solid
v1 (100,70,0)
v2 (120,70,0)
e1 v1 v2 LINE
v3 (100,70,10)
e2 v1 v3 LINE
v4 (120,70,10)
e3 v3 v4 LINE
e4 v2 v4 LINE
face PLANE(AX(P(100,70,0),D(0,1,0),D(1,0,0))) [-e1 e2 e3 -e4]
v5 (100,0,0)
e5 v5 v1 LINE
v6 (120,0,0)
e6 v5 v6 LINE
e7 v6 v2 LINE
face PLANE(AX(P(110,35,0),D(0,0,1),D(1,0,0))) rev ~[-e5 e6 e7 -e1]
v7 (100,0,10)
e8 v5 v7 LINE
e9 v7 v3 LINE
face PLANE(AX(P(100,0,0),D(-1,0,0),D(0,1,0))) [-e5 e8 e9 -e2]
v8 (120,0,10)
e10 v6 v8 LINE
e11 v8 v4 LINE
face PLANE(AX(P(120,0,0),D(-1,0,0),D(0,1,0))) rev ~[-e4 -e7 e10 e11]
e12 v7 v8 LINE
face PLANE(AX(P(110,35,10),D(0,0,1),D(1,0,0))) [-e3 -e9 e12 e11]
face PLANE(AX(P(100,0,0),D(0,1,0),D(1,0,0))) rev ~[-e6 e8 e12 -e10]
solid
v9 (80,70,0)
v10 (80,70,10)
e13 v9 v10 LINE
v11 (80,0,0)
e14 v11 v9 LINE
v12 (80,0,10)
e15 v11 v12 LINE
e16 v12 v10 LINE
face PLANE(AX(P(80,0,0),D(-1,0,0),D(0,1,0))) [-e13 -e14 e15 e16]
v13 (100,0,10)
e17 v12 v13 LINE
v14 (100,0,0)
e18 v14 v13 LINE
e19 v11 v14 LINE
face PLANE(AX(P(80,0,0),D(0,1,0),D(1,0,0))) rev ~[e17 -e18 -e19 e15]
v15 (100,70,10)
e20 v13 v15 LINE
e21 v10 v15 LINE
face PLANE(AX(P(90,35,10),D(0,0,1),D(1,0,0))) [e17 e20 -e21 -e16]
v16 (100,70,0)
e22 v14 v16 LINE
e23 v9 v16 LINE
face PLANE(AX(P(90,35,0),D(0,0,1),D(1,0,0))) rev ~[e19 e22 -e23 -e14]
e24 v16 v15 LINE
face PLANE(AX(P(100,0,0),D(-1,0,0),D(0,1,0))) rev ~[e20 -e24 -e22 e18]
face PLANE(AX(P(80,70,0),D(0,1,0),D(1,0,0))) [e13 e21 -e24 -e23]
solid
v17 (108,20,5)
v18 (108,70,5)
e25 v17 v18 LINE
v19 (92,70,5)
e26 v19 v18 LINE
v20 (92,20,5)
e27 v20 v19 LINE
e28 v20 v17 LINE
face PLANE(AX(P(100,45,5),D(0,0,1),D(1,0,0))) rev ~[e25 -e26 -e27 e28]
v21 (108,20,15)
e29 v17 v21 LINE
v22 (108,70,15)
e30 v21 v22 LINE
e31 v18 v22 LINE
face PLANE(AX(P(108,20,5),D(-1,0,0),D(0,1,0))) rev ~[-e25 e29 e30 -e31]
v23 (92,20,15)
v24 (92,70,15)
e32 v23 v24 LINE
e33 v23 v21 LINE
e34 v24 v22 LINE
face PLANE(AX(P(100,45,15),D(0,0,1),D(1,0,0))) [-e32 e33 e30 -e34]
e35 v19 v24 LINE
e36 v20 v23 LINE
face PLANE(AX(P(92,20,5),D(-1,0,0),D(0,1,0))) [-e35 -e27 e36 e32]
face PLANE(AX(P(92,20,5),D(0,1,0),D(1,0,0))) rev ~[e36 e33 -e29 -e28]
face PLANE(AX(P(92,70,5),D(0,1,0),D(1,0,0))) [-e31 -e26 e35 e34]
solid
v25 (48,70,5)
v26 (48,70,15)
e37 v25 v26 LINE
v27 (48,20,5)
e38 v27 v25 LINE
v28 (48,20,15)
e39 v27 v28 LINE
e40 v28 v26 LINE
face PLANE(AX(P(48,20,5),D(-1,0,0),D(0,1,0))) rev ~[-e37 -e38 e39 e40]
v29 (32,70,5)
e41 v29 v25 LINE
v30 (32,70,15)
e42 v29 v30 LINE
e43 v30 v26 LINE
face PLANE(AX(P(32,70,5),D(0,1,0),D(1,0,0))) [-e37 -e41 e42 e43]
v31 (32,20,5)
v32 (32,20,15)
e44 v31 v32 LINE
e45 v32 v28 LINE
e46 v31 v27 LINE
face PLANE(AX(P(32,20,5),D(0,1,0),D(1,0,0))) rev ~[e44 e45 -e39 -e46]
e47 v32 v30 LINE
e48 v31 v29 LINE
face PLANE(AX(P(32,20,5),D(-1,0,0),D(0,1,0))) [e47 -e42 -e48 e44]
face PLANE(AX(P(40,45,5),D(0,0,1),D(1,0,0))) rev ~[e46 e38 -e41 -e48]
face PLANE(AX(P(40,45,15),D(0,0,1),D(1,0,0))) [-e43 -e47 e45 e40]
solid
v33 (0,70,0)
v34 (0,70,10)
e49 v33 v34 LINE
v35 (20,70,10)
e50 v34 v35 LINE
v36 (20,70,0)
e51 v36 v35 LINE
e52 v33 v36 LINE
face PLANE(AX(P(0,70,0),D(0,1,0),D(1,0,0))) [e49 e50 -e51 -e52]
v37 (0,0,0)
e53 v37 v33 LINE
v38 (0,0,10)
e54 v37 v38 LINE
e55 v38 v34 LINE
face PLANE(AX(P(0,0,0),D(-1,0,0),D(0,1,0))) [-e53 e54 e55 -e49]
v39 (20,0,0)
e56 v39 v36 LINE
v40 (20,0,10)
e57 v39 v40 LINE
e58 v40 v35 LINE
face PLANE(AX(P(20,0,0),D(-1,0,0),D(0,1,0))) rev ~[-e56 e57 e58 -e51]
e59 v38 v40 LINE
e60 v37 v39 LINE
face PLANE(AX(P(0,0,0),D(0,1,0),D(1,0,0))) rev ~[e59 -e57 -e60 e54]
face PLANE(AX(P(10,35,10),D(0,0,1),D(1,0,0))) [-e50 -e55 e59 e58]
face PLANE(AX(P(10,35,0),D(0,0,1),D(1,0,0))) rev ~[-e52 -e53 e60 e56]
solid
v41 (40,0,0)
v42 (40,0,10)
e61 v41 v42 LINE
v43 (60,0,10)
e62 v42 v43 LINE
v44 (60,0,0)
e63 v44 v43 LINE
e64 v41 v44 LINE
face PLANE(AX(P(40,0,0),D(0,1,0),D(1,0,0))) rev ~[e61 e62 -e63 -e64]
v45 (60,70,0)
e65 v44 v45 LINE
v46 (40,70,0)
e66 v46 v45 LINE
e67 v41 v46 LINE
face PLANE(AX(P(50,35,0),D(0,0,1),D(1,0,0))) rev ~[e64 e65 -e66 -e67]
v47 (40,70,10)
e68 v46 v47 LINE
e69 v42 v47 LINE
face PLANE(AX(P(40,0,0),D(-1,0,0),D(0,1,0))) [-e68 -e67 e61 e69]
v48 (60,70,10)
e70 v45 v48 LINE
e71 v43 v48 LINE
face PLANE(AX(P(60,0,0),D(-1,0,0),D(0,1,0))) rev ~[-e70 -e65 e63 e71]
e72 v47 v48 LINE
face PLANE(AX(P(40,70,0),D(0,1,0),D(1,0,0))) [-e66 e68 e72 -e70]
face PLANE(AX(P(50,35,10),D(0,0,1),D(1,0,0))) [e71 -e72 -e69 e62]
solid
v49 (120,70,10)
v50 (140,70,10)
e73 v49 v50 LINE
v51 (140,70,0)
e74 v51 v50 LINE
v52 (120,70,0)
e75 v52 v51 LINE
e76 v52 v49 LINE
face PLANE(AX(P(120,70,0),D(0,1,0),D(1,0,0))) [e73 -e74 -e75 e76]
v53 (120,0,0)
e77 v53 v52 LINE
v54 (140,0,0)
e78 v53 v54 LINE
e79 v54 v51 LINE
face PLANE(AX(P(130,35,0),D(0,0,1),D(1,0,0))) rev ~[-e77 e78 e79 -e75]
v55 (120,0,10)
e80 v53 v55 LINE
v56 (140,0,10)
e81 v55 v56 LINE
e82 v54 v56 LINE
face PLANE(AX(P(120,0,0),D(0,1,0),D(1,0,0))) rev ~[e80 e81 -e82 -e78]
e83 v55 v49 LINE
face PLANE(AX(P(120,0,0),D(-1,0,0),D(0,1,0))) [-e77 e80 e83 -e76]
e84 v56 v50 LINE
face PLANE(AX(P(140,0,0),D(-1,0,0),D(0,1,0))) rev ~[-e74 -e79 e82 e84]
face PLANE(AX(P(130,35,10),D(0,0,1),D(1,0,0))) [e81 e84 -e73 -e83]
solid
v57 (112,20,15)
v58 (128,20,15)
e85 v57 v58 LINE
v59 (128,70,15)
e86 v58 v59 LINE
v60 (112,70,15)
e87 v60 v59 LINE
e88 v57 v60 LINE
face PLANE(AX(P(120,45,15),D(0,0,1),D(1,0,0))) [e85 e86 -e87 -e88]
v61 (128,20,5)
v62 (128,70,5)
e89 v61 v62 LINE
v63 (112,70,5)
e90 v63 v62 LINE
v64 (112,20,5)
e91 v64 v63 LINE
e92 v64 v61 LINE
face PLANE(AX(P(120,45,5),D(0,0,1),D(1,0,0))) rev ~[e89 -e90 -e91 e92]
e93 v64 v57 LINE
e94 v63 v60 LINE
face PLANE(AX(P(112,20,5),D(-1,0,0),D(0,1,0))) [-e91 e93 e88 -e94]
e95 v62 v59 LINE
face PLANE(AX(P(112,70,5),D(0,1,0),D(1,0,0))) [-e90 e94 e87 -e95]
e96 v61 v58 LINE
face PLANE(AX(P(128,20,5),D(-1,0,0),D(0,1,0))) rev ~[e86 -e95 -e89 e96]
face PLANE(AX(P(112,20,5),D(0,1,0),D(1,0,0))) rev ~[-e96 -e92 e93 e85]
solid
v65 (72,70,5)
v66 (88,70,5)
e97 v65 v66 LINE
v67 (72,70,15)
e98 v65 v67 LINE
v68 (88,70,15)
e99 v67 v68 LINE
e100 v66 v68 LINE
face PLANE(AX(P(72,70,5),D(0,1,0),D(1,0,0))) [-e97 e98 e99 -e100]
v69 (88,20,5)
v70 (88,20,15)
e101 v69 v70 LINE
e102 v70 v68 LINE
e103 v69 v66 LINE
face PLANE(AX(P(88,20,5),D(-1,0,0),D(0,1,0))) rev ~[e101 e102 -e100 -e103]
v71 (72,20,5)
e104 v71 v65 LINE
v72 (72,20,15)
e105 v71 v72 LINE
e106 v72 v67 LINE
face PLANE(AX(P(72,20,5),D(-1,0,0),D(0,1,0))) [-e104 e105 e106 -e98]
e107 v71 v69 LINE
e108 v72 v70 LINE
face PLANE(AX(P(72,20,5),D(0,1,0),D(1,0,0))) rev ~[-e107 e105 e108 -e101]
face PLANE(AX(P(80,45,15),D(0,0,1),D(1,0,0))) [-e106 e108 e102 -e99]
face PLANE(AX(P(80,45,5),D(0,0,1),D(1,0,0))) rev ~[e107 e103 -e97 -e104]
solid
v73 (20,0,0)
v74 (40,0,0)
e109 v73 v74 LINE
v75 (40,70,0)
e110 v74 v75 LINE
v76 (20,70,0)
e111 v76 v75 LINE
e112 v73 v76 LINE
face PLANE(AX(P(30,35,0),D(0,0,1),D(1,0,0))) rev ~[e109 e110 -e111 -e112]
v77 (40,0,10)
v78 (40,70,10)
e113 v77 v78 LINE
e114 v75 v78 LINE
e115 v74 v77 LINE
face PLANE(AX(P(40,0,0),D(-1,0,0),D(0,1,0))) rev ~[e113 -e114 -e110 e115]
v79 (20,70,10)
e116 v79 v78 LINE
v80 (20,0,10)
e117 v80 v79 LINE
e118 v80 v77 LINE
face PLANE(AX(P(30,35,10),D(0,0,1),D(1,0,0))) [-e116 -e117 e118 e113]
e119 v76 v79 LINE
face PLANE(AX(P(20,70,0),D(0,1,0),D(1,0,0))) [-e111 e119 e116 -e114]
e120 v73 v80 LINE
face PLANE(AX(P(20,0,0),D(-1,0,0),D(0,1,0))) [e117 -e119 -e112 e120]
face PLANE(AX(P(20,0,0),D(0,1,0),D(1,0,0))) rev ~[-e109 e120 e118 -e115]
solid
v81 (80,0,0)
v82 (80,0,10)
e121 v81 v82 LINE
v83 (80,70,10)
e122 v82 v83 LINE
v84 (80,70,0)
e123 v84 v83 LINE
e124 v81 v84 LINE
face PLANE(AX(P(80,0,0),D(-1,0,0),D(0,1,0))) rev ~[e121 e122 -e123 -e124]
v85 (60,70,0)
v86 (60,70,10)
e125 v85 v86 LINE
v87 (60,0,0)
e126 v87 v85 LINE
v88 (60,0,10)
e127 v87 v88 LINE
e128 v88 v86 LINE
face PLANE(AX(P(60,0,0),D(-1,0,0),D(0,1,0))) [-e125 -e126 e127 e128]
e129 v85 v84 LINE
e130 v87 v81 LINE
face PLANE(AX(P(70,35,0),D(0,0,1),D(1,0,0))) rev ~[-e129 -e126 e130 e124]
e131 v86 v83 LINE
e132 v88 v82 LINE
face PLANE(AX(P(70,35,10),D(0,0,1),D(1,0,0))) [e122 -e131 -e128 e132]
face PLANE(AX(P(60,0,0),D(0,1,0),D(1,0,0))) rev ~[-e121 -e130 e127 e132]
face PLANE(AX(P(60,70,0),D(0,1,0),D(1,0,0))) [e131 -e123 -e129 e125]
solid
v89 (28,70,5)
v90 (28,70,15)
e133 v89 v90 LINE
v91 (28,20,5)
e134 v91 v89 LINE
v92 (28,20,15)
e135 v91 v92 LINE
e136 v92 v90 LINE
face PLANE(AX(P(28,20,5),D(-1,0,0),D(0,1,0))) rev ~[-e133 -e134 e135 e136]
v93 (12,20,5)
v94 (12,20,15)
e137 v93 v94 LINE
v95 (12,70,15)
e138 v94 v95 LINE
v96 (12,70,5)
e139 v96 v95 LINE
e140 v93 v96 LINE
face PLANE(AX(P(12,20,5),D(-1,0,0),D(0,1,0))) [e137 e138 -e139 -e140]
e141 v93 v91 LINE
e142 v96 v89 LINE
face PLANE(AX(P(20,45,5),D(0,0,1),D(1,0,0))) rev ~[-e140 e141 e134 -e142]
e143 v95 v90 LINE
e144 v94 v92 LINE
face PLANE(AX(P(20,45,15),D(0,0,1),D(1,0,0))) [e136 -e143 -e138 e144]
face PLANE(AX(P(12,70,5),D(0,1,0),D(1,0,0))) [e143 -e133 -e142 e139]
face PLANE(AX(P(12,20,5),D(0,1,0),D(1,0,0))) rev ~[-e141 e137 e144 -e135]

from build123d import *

# Parameters (mm, degrees)
BOX_W        = 20
BOX_H        = 70
BOX_DEPTH    = 10
BOX001_W     = 20
BOX001_H     = 70
BOX001_DEPTH = 10
BOX002_W     = 20
BOX002_H     = 70
BOX002_DEPTH = 10
BOX003_W     = 20
BOX003_H     = 70
BOX003_DEPTH = 10
BOX004_W     = 20
BOX004_H     = 70
BOX004_DEPTH = 10
BOX005_W     = 20
BOX005_H     = 70
BOX005_DEPTH = 10
BOX006_W     = 20
BOX006_H     = 70
BOX006_DEPTH = 10
BOX007_W     = 16
BOX007_H     = 50
BOX007_DEPTH = 10
BOX008_W     = 16
BOX008_H     = 50
BOX008_DEPTH = 10
BOX009_W     = 16
BOX009_H     = 50
BOX009_DEPTH = 10
BOX010_W     = 16
BOX010_H     = 50
BOX010_DEPTH = 10
BOX011_W     = 16
BOX011_H     = 50
BOX011_DEPTH = 10


with BuildPart() as c:
    # Box → Box (new body)
    with BuildSketch(Plane.XY):
        with Locations((10, 35)):
            Rectangle(BOX_W, BOX_H)
    extrude(amount=BOX_DEPTH)


with BuildPart() as d:
    # Box001 → Box001 (new body)
    with BuildSketch(Plane(origin=(20, 0, 0), x_dir=(1, 0, 0), z_dir=(0, 0, 1))):
        with Locations((10, 35)):
            Rectangle(BOX001_W, BOX001_H)
    extrude(amount=BOX001_DEPTH)


with BuildPart() as e:
    # Box002 → Box002 (new body)
    with BuildSketch(Plane(origin=(40, 0, 0), x_dir=(1, 0, 0), z_dir=(0, 0, 1))):
        with Locations((10, 35)):
            Rectangle(BOX002_W, BOX002_H)
    extrude(amount=BOX002_DEPTH)


with BuildPart() as f:
    # Box003 → Box003 (new body)
    with BuildSketch(Plane(origin=(60, 0, 0), x_dir=(1, 0, 0), z_dir=(0, 0, 1))):
        with Locations((10, 35)):
            Rectangle(BOX003_W, BOX003_H)
    extrude(amount=BOX003_DEPTH)


with BuildPart() as g:
    # Box004 → Box004 (new body)
    with BuildSketch(Plane(origin=(80, 0, 0), x_dir=(1, 0, 0), z_dir=(0, 0, 1))):
        with Locations((10, 35)):
            Rectangle(BOX004_W, BOX004_H)
    extrude(amount=BOX004_DEPTH)


with BuildPart() as a:
    # Box005 → Box005 (new body)
    with BuildSketch(Plane(origin=(100, 0, 0), x_dir=(1, 0, 0), z_dir=(0, 0, 1))):
        with Locations((10, 35)):
            Rectangle(BOX005_W, BOX005_H)
    extrude(amount=BOX005_DEPTH)


with BuildPart() as b:
    # Box006 → Box006 (new body)
    with BuildSketch(Plane(origin=(120, 0, 0), x_dir=(1, 0, 0), z_dir=(0, 0, 1))):
        with Locations((10, 35)):
            Rectangle(BOX006_W, BOX006_H)
    extrude(amount=BOX006_DEPTH)


with BuildPart() as box007:
    # Box007 → Box007 (new body)
    with BuildSketch(Plane(origin=(12, 20, 5), x_dir=(1, 0, 0), z_dir=(0, 0, 1))):
        with Locations((8, 25)):
            Rectangle(BOX007_W, BOX007_H)
    extrude(amount=BOX007_DEPTH)


with BuildPart() as box008:
    # Box008 → Box008 (new body)
    with BuildSketch(Plane(origin=(32, 20, 5), x_dir=(1, 0, 0), z_dir=(0, 0, 1))):
        with Locations((8, 25)):
            Rectangle(BOX008_W, BOX008_H)
    extrude(amount=BOX008_DEPTH)


with BuildPart() as box009:
    # Box009 → Box009 (new body)
    with BuildSketch(Plane(origin=(72, 20, 5), x_dir=(1, 0, 0), z_dir=(0, 0, 1))):
        with Locations((8, 25)):
            Rectangle(BOX009_W, BOX009_H)
    extrude(amount=BOX009_DEPTH)


with BuildPart() as box010:
    # Box010 → Box010 (new body)
    with BuildSketch(Plane(origin=(92, 20, 5), x_dir=(1, 0, 0), z_dir=(0, 0, 1))):
        with Locations((8, 25)):
            Rectangle(BOX010_W, BOX010_H)
    extrude(amount=BOX010_DEPTH)


with BuildPart() as box011:
    # Box011 → Box011 (new body)
    with BuildSketch(Plane(origin=(112, 20, 5), x_dir=(1, 0, 0), z_dir=(0, 0, 1))):
        with Locations((8, 25)):
            Rectangle(BOX011_W, BOX011_H)
    extrude(amount=BOX011_DEPTH)


solid = Compound([c.part, d.part, e.part, f.part, g.part, a.part, b.part, box007.part, box008.part, box009.part, box010.part, box011.part])
